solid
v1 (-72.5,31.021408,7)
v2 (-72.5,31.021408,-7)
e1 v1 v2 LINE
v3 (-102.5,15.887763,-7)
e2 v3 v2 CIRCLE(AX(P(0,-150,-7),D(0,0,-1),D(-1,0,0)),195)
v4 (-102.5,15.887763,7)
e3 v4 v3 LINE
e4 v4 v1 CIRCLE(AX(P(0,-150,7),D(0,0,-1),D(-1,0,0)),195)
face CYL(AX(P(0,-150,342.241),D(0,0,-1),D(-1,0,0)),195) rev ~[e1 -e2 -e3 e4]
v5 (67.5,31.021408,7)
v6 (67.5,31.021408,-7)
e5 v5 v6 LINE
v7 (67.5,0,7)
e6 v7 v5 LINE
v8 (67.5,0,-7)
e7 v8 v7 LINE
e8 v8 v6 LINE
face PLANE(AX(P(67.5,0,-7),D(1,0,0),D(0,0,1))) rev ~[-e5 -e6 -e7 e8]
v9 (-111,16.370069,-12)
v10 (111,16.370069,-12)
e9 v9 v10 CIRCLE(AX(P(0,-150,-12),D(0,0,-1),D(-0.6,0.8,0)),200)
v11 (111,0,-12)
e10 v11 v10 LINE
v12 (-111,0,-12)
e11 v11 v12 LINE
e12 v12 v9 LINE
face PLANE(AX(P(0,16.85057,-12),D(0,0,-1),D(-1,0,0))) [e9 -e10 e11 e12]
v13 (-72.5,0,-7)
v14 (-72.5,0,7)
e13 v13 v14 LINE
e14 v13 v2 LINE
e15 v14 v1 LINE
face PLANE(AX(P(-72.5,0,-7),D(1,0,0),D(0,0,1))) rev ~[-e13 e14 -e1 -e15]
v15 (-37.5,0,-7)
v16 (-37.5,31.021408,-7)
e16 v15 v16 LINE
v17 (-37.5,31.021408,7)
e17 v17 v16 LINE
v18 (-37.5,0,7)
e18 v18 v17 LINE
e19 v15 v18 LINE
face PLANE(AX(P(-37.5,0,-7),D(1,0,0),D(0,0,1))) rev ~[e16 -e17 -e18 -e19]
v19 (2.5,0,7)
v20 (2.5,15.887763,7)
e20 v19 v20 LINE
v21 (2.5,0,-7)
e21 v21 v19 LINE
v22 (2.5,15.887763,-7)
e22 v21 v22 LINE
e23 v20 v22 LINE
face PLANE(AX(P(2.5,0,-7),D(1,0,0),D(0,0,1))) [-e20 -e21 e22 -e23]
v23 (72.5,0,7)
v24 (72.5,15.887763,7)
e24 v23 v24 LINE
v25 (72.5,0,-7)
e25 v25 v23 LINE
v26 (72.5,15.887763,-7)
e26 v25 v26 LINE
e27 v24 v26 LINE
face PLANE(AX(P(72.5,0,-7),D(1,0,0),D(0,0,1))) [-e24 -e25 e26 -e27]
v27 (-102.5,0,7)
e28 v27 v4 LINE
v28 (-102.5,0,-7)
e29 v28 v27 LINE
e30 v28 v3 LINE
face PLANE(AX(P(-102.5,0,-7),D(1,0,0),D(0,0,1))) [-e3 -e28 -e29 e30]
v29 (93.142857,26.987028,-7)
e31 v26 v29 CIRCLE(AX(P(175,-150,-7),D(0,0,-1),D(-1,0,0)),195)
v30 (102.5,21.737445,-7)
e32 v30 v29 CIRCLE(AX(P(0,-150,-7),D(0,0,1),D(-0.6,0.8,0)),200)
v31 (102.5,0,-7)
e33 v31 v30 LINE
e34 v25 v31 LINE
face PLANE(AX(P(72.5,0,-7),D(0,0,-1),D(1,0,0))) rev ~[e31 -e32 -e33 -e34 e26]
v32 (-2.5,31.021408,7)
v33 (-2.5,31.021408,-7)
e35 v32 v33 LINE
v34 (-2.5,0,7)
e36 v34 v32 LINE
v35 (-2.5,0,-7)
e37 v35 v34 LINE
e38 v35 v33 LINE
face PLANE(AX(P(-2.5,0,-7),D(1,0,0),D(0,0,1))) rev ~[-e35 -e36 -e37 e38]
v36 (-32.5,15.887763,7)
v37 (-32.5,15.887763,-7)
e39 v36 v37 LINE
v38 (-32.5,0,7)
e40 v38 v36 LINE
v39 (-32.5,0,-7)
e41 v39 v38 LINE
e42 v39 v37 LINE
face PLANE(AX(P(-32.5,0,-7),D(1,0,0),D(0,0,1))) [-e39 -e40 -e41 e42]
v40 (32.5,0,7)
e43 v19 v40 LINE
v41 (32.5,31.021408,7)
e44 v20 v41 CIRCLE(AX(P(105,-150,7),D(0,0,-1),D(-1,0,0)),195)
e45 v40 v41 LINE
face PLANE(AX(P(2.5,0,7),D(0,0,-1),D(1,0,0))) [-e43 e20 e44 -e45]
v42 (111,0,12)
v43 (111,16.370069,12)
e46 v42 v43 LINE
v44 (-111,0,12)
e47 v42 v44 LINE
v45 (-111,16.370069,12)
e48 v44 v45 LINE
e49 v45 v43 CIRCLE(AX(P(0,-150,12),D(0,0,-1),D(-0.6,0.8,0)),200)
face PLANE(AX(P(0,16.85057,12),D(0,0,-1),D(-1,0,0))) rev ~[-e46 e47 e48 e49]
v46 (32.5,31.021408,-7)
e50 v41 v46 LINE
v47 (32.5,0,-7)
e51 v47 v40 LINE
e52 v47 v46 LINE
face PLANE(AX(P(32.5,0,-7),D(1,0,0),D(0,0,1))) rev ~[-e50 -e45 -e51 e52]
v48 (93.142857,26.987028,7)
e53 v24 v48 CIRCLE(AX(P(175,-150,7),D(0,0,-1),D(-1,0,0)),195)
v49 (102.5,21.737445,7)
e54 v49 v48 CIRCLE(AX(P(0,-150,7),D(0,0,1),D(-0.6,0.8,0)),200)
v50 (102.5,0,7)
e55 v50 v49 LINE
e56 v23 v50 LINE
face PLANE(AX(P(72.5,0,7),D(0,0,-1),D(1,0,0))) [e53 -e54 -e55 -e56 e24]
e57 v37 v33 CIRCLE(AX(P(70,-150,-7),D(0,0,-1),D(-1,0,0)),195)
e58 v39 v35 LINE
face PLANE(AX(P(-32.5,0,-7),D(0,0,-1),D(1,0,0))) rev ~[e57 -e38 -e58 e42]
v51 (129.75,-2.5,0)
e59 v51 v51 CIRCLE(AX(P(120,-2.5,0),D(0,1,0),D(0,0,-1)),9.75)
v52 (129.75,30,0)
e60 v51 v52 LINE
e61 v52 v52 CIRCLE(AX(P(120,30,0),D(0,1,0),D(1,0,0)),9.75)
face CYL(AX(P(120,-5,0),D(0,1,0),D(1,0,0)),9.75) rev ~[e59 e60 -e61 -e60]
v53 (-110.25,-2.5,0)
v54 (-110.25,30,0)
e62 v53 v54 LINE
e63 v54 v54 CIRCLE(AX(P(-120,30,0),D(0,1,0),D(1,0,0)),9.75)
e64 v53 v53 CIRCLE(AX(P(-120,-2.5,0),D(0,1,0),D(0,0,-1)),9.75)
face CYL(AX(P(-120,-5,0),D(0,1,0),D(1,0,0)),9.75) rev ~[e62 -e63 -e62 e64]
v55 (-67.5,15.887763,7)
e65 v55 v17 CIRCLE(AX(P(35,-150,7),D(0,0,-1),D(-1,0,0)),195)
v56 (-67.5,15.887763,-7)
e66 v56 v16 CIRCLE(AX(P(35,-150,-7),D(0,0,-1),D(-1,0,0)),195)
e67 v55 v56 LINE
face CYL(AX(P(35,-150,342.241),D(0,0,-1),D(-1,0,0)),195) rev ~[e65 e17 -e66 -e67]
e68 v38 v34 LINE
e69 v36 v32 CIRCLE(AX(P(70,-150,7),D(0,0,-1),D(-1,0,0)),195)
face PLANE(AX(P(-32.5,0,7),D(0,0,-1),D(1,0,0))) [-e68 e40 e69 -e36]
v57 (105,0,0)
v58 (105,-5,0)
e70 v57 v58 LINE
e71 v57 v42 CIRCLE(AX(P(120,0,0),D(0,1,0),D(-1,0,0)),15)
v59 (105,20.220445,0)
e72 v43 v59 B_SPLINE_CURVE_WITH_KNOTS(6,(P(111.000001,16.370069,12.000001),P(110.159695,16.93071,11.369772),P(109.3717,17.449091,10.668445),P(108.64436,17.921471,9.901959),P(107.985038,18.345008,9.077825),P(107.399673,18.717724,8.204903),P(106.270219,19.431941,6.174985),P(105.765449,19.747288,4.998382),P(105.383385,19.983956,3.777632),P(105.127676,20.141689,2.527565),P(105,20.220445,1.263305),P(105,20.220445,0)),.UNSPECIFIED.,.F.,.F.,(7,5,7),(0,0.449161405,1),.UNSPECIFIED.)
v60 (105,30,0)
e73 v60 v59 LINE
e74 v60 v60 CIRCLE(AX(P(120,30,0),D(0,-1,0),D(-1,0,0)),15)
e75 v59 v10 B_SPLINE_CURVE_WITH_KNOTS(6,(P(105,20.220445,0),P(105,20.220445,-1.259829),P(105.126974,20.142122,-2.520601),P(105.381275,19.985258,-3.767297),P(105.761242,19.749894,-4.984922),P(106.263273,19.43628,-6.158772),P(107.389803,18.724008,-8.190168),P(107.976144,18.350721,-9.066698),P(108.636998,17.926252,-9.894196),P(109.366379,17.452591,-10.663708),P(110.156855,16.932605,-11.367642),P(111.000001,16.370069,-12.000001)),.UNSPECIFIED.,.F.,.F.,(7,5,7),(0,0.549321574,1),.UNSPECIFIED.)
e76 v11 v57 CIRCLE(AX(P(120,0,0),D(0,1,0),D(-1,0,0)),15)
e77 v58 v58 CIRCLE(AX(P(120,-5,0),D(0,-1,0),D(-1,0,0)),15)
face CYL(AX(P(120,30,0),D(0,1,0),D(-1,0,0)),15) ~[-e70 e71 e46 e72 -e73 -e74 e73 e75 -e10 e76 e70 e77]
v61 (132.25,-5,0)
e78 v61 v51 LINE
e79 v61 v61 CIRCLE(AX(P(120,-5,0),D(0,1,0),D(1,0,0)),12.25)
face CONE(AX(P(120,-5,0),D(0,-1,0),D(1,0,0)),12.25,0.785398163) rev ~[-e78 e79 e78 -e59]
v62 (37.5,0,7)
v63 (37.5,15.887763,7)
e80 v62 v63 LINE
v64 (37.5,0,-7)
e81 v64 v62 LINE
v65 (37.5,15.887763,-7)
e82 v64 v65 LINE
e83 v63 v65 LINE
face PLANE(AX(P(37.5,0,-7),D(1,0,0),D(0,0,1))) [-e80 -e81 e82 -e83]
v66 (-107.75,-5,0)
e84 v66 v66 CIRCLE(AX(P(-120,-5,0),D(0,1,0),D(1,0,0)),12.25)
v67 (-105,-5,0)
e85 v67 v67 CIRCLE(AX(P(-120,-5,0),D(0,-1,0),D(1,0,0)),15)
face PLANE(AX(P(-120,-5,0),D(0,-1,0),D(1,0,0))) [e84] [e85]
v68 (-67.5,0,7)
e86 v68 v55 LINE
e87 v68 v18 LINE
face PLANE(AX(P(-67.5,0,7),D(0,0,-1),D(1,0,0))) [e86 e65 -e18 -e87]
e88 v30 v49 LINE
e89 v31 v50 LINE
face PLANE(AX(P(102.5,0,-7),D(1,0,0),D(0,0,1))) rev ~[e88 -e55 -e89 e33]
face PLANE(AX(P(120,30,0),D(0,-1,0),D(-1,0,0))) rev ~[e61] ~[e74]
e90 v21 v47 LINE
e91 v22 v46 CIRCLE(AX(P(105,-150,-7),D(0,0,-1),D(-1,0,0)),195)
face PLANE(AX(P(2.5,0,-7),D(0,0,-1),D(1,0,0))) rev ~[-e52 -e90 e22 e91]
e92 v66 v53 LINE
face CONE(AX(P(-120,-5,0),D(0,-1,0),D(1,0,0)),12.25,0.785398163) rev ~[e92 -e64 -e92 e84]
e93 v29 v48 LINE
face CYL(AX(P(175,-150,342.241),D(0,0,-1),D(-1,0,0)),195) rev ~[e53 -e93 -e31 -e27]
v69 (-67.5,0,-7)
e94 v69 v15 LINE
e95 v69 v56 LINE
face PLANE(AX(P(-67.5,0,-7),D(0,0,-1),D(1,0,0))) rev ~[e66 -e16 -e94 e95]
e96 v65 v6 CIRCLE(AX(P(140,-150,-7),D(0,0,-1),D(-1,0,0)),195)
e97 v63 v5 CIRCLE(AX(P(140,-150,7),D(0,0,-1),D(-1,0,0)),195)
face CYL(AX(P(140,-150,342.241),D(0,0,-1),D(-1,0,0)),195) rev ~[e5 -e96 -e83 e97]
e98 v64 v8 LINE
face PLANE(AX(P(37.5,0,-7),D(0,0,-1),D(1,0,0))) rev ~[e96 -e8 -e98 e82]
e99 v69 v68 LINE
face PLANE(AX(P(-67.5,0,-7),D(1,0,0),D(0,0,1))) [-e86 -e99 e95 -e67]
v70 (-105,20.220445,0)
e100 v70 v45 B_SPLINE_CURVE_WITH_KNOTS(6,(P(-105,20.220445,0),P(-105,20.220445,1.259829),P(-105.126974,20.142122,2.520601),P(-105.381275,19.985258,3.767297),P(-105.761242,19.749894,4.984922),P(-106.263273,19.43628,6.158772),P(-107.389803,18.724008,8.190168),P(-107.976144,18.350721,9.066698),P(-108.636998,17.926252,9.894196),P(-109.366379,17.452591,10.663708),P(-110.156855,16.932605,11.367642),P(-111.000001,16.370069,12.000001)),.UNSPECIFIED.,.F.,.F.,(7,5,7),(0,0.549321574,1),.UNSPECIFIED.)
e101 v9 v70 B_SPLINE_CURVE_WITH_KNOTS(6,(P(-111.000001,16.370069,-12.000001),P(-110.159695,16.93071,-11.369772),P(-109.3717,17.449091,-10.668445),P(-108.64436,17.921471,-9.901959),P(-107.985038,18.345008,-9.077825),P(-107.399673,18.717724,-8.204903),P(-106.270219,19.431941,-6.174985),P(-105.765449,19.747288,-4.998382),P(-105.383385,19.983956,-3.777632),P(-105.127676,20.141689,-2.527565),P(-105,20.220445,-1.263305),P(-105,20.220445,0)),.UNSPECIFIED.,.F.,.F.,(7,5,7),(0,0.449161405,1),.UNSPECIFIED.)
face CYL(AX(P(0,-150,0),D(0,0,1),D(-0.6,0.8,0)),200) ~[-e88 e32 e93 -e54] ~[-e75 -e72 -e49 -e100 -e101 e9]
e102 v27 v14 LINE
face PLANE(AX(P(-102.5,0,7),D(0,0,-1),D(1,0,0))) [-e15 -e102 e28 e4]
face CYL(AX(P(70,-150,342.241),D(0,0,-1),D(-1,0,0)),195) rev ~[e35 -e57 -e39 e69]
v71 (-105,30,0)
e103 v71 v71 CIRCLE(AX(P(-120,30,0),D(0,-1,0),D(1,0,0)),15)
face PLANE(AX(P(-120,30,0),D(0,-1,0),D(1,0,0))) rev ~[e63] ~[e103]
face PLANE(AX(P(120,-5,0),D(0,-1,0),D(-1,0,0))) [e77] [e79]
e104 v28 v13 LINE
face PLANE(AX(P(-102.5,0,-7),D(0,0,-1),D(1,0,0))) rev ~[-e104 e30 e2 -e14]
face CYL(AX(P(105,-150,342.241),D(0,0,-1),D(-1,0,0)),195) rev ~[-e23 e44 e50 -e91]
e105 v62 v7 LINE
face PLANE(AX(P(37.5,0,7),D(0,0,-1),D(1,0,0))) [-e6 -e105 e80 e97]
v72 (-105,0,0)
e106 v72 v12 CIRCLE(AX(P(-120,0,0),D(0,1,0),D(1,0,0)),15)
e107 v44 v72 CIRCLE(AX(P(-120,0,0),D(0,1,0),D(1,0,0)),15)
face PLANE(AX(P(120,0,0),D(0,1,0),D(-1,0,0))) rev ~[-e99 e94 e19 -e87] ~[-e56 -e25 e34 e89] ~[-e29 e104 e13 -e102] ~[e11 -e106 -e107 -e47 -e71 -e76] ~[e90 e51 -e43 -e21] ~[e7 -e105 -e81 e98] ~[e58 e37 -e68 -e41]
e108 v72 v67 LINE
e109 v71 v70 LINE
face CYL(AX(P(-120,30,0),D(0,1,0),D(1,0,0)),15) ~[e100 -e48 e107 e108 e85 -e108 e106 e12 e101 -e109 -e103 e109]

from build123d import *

# Parameters (mm, degrees)
EXTRUDE_2_DEPTH              = 12
EXTRUDE_3_DEPTH              = 5
EXTRUDE_3_DEPTH_BACK         = 30
SKETCH_4_R                   = 15
CUT_EXTRUDE_2_REACH          = 146.741
CUT_EXTRUDE_2_END_RADIUS     = 195
SKETCH_5_W                   = 30
SKETCH_5_H                   = 14
PATTERN_LINEAR_1_COUNT       = 6
PATTERN_LINEAR_1_PITCH       = 35
HOLE_WIZARD_M221_D           = 19.5
HOLE_WIZARD_M221_CSINK_D     = 24.5
HOLE_WIZARD_M221_CSINK_ANGLE = 90


with BuildPart() as part:
    # Эскиз2 → Бобышка-Вытянуть2 (new, symmetric)
    with BuildSketch(Plane.XY):
        with BuildLine():
            Line((120, 0), (-120, 0))
            Line((-120, 0), (-120, 10))
            ThreePointArc((-120, 10), (0, 50), (120, 10))
            Line((120, 10), (120, 0))
        make_face()
    extrude(amount=EXTRUDE_2_DEPTH, both=True)

    # Эскиз4 → Бобышка-Вытянуть3 (add, two sides: drawn at the far end of the back side and taken through both)
    with BuildSketch(Plane.XZ.offset(-EXTRUDE_3_DEPTH_BACK)):
        with Locations((-120, 0)):
            Circle(SKETCH_4_R)
        with Locations(Location((120, 0, 0), (0, 0, 180))):
            Circle(SKETCH_4_R)
    extrude(amount=EXTRUDE_3_DEPTH + EXTRUDE_3_DEPTH_BACK)

    # Вырез-Вытянуть2: up to this cylinder (the profile starts inside it)
    cut_extrude_2_end = Plane(origin=(0, -150, 0), z_dir=(0, 0, -1)) * Cylinder(CUT_EXTRUDE_2_END_RADIUS, 684.482, mode=Mode.PRIVATE)
    # Эскиз5 → Вырез-Вытянуть2 (cut, up to the surface)
    with BuildSketch(Plane.XZ, mode=Mode.PRIVATE) as cut_extrude_2_sk1:
        with Locations((-87.5, 0)):
            Rectangle(SKETCH_5_W, SKETCH_5_H)
    cut_extrude_2_tool1 = extrude(cut_extrude_2_sk1.sketch, amount=-CUT_EXTRUDE_2_REACH, mode=Mode.PRIVATE) & cut_extrude_2_end
    cut_extrude_2 = cut_extrude_2_tool1.solids().sort_by_distance((-87.5, 0, 0))[0]
    add(cut_extrude_2, mode=Mode.SUBTRACT)

    # Линейный массив1: Вырез-Вытянуть2 ×6
    with Locations(*[(i * PATTERN_LINEAR_1_PITCH, 0, 0) for i in range(1, PATTERN_LINEAR_1_COUNT)]):
        add(cut_extrude_2, mode=Mode.SUBTRACT)

    # Отверстие обработанное метчиком M221 (through all)
    with Locations(Plane(origin=(0, -5, 0), x_dir=(-1, 0, 0), z_dir=(0, -1, 0))):
        with Locations((-120, 0), (120, 0)):
            CounterSinkHole(HOLE_WIZARD_M221_D / 2, HOLE_WIZARD_M221_CSINK_D / 2, counter_sink_angle=HOLE_WIZARD_M221_CSINK_ANGLE)


solid = part.part
